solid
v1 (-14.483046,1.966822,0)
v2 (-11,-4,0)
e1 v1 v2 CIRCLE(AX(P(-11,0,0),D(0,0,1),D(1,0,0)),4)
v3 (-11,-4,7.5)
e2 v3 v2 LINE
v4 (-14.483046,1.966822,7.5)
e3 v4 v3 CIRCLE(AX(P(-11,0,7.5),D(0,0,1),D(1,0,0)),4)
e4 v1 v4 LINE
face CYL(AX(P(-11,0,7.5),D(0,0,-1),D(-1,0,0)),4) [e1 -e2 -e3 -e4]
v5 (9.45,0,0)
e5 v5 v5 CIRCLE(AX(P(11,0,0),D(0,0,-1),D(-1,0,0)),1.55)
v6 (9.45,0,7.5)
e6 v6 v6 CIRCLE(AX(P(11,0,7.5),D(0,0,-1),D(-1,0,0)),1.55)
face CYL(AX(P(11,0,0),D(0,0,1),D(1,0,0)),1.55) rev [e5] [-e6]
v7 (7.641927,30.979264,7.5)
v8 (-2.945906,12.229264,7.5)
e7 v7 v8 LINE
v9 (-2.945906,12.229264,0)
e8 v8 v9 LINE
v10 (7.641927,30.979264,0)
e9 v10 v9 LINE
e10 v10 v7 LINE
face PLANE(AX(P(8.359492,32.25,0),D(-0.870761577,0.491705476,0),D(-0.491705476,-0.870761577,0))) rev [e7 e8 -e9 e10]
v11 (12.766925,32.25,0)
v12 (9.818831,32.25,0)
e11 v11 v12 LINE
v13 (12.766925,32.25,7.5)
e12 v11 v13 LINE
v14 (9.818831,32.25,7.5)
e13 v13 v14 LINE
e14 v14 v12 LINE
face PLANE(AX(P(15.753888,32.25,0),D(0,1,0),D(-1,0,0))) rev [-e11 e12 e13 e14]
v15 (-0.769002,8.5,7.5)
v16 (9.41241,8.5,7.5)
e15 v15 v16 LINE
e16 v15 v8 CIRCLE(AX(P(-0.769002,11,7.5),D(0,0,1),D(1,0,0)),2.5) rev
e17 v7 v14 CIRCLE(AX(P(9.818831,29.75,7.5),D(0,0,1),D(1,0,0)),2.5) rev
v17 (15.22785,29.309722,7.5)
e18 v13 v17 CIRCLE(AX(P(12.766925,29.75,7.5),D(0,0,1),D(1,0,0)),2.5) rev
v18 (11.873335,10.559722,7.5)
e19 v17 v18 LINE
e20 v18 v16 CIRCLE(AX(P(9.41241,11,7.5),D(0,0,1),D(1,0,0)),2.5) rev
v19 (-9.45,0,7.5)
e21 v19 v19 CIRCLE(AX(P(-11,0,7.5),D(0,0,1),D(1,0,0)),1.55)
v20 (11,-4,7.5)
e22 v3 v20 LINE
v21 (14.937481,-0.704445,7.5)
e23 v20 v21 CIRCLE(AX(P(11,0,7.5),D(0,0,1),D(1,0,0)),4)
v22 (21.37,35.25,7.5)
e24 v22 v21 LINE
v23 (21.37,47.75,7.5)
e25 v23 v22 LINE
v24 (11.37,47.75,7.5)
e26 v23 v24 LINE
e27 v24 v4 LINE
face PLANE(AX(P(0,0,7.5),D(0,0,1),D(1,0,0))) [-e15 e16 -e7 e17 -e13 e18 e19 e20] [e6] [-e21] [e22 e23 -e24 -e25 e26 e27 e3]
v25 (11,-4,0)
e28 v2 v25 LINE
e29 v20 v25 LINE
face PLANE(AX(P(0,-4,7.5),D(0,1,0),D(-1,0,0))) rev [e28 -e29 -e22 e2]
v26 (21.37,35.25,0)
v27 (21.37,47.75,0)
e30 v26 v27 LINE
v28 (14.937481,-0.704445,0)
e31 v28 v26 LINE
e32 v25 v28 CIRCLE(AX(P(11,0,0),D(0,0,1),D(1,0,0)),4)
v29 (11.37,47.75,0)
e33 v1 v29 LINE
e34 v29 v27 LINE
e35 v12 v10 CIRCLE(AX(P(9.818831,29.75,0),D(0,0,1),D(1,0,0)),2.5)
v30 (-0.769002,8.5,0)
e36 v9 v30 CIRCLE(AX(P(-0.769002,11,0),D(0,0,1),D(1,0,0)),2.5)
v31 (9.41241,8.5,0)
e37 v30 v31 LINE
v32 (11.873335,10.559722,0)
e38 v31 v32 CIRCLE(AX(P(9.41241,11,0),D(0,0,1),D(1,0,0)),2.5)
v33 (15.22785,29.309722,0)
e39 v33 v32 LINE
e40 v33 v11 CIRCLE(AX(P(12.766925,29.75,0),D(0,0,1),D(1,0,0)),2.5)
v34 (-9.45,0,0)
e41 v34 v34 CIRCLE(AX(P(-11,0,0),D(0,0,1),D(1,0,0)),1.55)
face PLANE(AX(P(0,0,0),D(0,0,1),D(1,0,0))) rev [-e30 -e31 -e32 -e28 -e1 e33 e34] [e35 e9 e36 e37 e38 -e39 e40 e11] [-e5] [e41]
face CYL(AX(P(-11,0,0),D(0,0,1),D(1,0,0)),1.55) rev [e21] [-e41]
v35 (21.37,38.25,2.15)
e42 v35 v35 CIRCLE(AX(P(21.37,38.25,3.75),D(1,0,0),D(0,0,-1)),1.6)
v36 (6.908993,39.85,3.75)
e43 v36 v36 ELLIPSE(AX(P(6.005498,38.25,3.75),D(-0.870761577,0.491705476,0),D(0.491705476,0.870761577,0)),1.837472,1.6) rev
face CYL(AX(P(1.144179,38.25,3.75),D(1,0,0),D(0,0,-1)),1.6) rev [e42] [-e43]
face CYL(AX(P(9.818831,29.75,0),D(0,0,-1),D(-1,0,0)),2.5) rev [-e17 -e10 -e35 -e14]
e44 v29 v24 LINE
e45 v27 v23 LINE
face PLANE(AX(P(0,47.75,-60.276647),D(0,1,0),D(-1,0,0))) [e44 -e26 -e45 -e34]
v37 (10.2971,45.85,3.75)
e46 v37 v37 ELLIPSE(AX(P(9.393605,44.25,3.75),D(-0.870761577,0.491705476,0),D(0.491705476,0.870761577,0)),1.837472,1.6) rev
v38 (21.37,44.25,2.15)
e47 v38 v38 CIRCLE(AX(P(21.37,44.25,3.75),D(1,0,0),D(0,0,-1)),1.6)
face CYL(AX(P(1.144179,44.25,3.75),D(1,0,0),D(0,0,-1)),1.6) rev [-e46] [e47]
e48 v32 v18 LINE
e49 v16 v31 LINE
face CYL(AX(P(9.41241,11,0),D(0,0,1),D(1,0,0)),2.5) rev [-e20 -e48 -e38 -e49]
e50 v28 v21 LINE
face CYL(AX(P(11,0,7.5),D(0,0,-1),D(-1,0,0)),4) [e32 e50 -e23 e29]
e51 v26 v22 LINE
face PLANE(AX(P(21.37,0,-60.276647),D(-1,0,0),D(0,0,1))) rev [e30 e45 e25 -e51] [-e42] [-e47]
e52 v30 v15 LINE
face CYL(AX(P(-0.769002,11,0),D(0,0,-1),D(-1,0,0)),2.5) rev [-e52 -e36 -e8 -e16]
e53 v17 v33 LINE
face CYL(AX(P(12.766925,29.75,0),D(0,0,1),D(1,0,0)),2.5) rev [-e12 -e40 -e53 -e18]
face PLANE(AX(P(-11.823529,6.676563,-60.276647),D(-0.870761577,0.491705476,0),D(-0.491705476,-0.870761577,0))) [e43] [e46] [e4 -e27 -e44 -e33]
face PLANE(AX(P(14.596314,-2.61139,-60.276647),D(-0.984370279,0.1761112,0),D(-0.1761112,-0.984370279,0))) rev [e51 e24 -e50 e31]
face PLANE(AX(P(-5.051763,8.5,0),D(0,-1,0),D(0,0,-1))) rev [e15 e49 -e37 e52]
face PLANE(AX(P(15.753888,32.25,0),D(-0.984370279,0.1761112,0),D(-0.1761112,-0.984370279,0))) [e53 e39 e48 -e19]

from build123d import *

# Parameters (mm, degrees)
BOSS_EXTRUDE1_DEPTH = 7.5
SKETCH2_R           = 1.55
CUT_EXTRUDE1_DEPTH  = 18.24093965
BOSS_EXTRUDE6_START = -7.5
BOSS_EXTRUDE6_DEPTH = 7.5
CUT_EXTRUDE2_REACH  = 62.49
SKETCH13_R          = 1.6
CUT_EXTRUDE8_DEPTH  = 53.848740761
FILLET1_R           = 2.5


with BuildPart() as part:
    # Sketch1 → Boss-Extrude1 (new body)
    with BuildSketch(Plane.XY):
        with BuildLine():
            Line((-11, 4), (11, 4))
            ThreePointArc((11, 4), (15, 0), (11, -4))
            Line((11, -4), (-11, -4))
            ThreePointArc((-11, -4), (-15, 0), (-11, 4))
        make_face()
    extrude(amount=BOSS_EXTRUDE1_DEPTH)

    # Sketch2 → Cut-Extrude1 (cut, through all)
    with BuildSketch(Plane.XY.offset(7.5)):
        with Locations((-11, 0)):
            Circle(SKETCH2_R)
    cut_extrude1 = extrude(amount=-CUT_EXTRUDE1_DEPTH, mode=Mode.SUBTRACT)

    # Mirror1: Cut-Extrude1 across plane
    add(cut_extrude1.mirror(Plane(origin=(0, 0, 0), x_dir=(0, 0, 1), z_dir=(1, 0, 0))), mode=Mode.SUBTRACT)

    # Sketch12 → Boss-Extrude6 (add)
    with BuildSketch(Plane.XY.offset(7.5).offset(BOSS_EXTRUDE6_START)):
        with BuildLine():
            Line((21.37, 35.25), (21.37, 47.75))
            Line((21.37, 47.75), (11.37, 47.75))
            Line((11.37, 47.75), (-14.48304631, 1.966821905))
            ThreePointArc((-14.48304631, 1.966821905), (-13.016520813, 3.454510647), (-11, 4))
            Line((-11, 4), (11, 4))
            ThreePointArc((11, 4), (14.067391334, 2.567315797), (14.937481114, -0.704444799))
            Line((14.937481114, -0.704444799), (21.37, 35.25))
        make_face()
    extrude(amount=BOSS_EXTRUDE6_DEPTH)

    # Cut-Extrude2: up to this plane
    cut_extrude2_end = Plane(origin=(-11.823529281, 6.676562501, -60.276646808), z_dir=(-0.870761577419204, 0.49170547616476634, 0))
    # Sketch13 → Cut-Extrude2 (cut, up to the surface)
    with BuildSketch(Plane(origin=(21.37, 0, 0), x_dir=(0, 0, -1), z_dir=(1, 0, 0)), mode=Mode.PRIVATE) as cut_extrude2_sk1:
        with Locations((-3.75, 38.25)):
            Circle(SKETCH13_R)
    cut_extrude2_tool1 = split(extrude(cut_extrude2_sk1.sketch, amount=-CUT_EXTRUDE2_REACH, mode=Mode.PRIVATE), bisect_by=cut_extrude2_end, keep=Keep.BOTH, mode=Mode.PRIVATE)
    add(cut_extrude2_tool1.solids().sort_by_distance((21.37, 38.25, 3.75))[0], mode=Mode.SUBTRACT)
    # Sketch13 → Cut-Extrude2 (cut, up to the surface)
    with BuildSketch(Plane(origin=(21.37, 0, 0), x_dir=(0, 0, -1), z_dir=(1, 0, 0)), mode=Mode.PRIVATE) as cut_extrude2_sk2:
        with Locations((-3.75, 44.25)):
            Circle(SKETCH13_R)
    cut_extrude2_tool2 = split(extrude(cut_extrude2_sk2.sketch, amount=-CUT_EXTRUDE2_REACH, mode=Mode.PRIVATE), bisect_by=cut_extrude2_end, keep=Keep.BOTH, mode=Mode.PRIVATE)
    add(cut_extrude2_tool2.solids().sort_by_distance((21.37, 44.25, 3.75))[0], mode=Mode.SUBTRACT)

    # Sketch15 → Cut-Extrude8 (cut, through all)
    with BuildSketch(Plane.XY.offset(7.5)):
        Polygon((15.753888137, 32.25), (8.359491787, 32.25), (-5.051762639, 8.5), (11.504835638, 8.5), align=None)
    extrude(amount=-CUT_EXTRUDE8_DEPTH, mode=Mode.SUBTRACT)

    # Fillet1
    fillet1_edges = [part.edges().sort_by_distance(p)[0] for p in [
        (8.359491787, 32.25, 3.75),
        (15.753888137, 32.25, 3.75),
        (11.504835638, 8.5, 3.75),
        (-5.051762639, 8.5, 3.75),
    ]]
    fillet(fillet1_edges, radius=FILLET1_R)


solid = part.part
